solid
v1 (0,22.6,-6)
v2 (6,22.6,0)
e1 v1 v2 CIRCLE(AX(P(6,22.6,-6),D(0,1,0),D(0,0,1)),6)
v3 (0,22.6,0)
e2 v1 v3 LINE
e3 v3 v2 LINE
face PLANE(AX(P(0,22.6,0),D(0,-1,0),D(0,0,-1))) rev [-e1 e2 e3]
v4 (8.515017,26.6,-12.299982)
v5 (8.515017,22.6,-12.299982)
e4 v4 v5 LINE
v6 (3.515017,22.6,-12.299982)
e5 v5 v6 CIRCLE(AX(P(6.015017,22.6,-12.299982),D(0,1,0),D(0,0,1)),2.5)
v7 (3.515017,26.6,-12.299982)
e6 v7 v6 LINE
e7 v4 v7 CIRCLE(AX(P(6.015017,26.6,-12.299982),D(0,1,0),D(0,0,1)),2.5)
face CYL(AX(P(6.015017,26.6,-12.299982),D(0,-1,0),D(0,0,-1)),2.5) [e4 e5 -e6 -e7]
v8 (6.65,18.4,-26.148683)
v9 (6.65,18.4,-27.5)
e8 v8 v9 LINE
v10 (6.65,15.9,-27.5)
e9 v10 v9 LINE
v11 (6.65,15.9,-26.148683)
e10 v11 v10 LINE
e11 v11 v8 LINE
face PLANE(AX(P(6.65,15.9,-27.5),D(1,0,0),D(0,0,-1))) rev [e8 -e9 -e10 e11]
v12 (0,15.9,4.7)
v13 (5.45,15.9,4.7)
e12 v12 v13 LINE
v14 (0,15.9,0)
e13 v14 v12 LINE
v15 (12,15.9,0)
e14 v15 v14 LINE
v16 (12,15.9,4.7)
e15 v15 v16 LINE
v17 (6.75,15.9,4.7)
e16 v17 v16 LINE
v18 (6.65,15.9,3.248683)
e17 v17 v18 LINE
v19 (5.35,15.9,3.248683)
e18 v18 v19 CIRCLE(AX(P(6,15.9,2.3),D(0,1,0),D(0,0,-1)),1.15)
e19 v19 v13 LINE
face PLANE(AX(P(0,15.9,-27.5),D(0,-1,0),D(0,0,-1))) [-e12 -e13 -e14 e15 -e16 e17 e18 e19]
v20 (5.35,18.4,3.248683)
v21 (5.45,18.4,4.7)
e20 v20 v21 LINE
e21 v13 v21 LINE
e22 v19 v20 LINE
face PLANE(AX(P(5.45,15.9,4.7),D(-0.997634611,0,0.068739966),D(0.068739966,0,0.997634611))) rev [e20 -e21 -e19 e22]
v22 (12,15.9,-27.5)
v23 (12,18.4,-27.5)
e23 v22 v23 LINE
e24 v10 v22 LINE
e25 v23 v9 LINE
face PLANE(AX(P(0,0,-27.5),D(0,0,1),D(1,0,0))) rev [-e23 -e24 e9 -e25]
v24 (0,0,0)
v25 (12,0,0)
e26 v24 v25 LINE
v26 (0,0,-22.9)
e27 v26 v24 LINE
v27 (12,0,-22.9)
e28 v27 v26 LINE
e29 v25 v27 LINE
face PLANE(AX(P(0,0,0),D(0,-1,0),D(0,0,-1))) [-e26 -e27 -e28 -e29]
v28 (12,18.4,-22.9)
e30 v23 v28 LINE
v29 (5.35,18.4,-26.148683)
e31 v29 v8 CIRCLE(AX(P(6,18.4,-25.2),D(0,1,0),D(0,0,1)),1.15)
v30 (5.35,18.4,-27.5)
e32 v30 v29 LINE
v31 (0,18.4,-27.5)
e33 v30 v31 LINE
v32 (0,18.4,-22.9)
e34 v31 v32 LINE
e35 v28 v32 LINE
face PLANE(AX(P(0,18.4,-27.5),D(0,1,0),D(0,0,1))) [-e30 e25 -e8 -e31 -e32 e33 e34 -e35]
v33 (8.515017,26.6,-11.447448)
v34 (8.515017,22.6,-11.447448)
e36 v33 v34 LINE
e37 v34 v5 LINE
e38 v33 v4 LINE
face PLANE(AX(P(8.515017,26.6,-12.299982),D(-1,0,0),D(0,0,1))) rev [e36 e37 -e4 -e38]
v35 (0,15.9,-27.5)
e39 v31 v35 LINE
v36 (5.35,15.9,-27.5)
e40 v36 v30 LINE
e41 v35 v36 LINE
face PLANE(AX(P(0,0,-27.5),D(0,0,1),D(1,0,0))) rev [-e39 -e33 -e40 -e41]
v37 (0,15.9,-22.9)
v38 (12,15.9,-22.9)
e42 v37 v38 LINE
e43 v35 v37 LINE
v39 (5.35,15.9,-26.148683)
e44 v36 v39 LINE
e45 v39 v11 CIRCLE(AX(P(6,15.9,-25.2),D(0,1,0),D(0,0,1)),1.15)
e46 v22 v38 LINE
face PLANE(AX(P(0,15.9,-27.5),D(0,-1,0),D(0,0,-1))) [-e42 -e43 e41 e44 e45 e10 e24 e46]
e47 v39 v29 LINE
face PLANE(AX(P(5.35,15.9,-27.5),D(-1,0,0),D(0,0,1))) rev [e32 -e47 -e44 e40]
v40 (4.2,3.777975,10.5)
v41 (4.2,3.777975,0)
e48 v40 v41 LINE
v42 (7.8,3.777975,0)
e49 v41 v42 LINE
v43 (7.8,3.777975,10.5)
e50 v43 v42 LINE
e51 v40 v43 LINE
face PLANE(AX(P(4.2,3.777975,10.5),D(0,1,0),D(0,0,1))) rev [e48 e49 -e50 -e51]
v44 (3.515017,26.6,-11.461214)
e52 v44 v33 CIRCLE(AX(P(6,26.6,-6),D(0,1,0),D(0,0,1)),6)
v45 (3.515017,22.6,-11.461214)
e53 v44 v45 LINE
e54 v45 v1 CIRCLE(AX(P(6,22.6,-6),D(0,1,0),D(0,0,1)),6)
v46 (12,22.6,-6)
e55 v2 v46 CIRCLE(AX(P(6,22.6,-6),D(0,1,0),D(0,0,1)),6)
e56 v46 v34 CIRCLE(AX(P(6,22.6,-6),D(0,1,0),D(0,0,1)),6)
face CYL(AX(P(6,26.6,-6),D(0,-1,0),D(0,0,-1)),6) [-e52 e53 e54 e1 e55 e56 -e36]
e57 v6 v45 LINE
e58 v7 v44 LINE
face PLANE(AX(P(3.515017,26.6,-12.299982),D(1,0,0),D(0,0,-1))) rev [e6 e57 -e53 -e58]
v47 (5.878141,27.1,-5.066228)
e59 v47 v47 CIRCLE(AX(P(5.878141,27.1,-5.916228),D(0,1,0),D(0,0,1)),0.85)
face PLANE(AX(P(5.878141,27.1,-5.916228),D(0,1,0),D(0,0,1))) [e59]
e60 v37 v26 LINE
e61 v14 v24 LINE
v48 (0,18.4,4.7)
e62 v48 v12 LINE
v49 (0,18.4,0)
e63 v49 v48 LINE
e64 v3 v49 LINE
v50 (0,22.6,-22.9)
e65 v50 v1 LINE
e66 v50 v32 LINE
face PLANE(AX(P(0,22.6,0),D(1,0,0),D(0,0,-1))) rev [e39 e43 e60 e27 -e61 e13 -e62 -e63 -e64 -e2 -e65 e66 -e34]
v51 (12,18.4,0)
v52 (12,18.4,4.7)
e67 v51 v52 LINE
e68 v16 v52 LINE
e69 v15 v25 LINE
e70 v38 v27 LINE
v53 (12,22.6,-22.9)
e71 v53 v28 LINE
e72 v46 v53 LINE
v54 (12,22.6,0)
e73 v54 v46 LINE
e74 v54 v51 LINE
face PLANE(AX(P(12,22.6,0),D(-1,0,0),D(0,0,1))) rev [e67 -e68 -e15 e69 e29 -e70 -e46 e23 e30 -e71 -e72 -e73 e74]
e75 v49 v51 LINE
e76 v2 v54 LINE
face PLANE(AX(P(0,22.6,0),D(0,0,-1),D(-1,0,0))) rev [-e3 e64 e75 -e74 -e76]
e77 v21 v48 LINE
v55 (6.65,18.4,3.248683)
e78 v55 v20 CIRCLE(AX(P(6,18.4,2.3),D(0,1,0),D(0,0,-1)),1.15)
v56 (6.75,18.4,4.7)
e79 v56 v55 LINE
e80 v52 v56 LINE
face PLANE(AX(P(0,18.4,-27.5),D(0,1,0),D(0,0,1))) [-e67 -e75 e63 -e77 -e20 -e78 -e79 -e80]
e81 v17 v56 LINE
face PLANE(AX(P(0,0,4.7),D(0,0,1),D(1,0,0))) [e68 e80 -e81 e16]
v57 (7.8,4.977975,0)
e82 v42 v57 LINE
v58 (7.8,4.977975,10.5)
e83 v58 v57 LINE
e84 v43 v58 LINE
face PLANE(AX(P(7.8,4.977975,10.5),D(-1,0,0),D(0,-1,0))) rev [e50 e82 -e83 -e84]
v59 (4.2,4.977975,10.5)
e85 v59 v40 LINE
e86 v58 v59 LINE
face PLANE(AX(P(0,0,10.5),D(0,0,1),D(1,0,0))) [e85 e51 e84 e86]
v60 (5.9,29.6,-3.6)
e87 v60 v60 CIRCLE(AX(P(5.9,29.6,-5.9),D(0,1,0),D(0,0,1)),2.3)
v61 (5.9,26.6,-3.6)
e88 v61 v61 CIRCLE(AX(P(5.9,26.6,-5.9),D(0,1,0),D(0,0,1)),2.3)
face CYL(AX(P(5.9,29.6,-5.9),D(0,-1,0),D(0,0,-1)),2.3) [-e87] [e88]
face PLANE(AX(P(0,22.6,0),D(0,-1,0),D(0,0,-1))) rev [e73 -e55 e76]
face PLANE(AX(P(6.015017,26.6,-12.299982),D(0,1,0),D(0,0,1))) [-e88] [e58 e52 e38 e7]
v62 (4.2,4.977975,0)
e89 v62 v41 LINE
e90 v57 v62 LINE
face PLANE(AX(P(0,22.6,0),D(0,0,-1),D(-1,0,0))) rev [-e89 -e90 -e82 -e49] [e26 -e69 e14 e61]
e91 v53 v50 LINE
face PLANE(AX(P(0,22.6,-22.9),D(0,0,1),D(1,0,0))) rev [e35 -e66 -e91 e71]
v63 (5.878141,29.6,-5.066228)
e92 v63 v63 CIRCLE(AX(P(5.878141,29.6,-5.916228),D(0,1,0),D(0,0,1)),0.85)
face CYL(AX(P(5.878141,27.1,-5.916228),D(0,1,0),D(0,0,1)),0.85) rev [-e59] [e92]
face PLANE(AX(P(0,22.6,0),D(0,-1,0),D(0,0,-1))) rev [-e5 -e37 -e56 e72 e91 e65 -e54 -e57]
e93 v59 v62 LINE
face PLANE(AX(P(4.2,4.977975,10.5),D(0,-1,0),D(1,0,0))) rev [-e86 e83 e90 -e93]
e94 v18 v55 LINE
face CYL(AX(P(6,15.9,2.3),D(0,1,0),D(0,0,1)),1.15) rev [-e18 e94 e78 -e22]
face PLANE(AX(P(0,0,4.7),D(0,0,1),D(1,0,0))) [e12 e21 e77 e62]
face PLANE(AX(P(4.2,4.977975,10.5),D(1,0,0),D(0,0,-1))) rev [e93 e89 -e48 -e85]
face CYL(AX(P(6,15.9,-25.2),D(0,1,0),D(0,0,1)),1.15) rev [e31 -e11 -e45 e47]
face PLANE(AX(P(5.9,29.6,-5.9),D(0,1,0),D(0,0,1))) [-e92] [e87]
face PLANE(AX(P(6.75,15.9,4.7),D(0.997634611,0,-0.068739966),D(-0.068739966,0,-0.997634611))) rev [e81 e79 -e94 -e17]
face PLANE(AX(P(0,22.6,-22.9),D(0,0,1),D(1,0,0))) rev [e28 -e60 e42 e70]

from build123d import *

# Parameters (mm, degrees)
SKETCH2_W           = 12
SKETCH2_H           = 22.9
BOSS_EXTRUDE1_DEPTH = 22.6
SKETCH3_W           = 12
SKETCH3_H           = 2.5
BOSS_EXTRUDE2_DEPTH = 32.2
BOSS_EXTRUDE3_DEPTH = 4
SKETCH7_R           = 2.3
BOSS_EXTRUDE4_DEPTH = 3
CUT_EXTRUDE1_DEPTH  = 2.5
SKETCH10_R          = 0.85
CUT_EXTRUDE2_DEPTH  = 2.5
SKETCH12_W          = 3.6
SKETCH12_H          = 1.2
BOSS_EXTRUDE5_DEPTH = 10.5


with BuildPart() as part:
    # Sketch2 → Boss-Extrude1 (new body)
    with BuildSketch(Plane(origin=(0, 0, 0), x_dir=(1, 0, 0), z_dir=(0, 1, 0))):
        with Locations((6, 11.45)):
            Rectangle(SKETCH2_W, SKETCH2_H)
    extrude(amount=BOSS_EXTRUDE1_DEPTH)

    # Sketch3 → Boss-Extrude2 (add)
    with BuildSketch(Plane.XY.offset(4.7)):
        with Locations((6, 17.15)):
            Rectangle(SKETCH3_W, SKETCH3_H)
    extrude(amount=-BOSS_EXTRUDE2_DEPTH)

    # Sketch5 → Boss-Extrude3 (add)
    with BuildSketch(Plane(origin=(0, 22.6, 0), x_dir=(1, 0, 0), z_dir=(0, 1, 0))):
        with BuildLine():
            Line((3.515017185, 12.299982102), (3.515017185, 11.461214188))
            ThreePointArc((3.515017185, 11.461214188), (5.98348051, 2.2741e-05), (8.515017185, 11.447447894))
            Line((8.515017185, 11.447447894), (8.515017185, 12.299982102))
            ThreePointArc((8.515017185, 12.299982102), (6.015017185, 14.799982102), (3.515017185, 12.299982102))
        make_face()
    extrude(amount=BOSS_EXTRUDE3_DEPTH)

    # Sketch7 → Boss-Extrude4 (add)
    with BuildSketch(Plane(origin=(0, 26.6, 0), x_dir=(1, 0, 0), z_dir=(0, 1, 0))):
        with Locations(Location((5.9, 5.9, 0), (0, 0, 270))):
            Circle(SKETCH7_R)
    extrude(amount=BOSS_EXTRUDE4_DEPTH)

    # Sketch9 → Cut-Extrude1 (cut)
    with BuildSketch(Plane(origin=(0, 18.4, 0), x_dir=(1, 0, 0), z_dir=(0, 1, 0))):
        with BuildLine():
            Line((5.35, 27.5), (6.65, 27.5))
            Line((6.65, 27.5), (6.65, 26.148683298))
            ThreePointArc((6.65, 26.148683298), (6, 24.05), (5.35, 26.148683298))
            Line((5.35, 26.148683298), (5.35, 27.5))
        make_face()
        with BuildLine():
            Line((6.75, -4.7), (6.65, -3.248683298))
            ThreePointArc((6.65, -3.248683298), (6, -1.15), (5.35, -3.248683298))
            Line((5.35, -3.248683298), (5.45, -4.7))
            Line((5.45, -4.7), (6.75, -4.7))
        make_face()
    extrude(amount=-CUT_EXTRUDE1_DEPTH, mode=Mode.SUBTRACT)

    # Sketch10 → Cut-Extrude2 (cut)
    with BuildSketch(Plane(origin=(0, 29.6, 0), x_dir=(1, 0, 0), z_dir=(0, 1, 0))):
        with Locations(Location((5.87814142, 5.916228473, 0), (0, 0, 270))):
            Circle(SKETCH10_R)
    extrude(amount=-CUT_EXTRUDE2_DEPTH, mode=Mode.SUBTRACT)

    # Sketch12 → Boss-Extrude5 (add)
    with BuildSketch(Plane.XY):
        with Locations((6, 4.377974725)):
            Rectangle(SKETCH12_W, SKETCH12_H)
    extrude(amount=BOSS_EXTRUDE5_DEPTH)


solid = part.part
